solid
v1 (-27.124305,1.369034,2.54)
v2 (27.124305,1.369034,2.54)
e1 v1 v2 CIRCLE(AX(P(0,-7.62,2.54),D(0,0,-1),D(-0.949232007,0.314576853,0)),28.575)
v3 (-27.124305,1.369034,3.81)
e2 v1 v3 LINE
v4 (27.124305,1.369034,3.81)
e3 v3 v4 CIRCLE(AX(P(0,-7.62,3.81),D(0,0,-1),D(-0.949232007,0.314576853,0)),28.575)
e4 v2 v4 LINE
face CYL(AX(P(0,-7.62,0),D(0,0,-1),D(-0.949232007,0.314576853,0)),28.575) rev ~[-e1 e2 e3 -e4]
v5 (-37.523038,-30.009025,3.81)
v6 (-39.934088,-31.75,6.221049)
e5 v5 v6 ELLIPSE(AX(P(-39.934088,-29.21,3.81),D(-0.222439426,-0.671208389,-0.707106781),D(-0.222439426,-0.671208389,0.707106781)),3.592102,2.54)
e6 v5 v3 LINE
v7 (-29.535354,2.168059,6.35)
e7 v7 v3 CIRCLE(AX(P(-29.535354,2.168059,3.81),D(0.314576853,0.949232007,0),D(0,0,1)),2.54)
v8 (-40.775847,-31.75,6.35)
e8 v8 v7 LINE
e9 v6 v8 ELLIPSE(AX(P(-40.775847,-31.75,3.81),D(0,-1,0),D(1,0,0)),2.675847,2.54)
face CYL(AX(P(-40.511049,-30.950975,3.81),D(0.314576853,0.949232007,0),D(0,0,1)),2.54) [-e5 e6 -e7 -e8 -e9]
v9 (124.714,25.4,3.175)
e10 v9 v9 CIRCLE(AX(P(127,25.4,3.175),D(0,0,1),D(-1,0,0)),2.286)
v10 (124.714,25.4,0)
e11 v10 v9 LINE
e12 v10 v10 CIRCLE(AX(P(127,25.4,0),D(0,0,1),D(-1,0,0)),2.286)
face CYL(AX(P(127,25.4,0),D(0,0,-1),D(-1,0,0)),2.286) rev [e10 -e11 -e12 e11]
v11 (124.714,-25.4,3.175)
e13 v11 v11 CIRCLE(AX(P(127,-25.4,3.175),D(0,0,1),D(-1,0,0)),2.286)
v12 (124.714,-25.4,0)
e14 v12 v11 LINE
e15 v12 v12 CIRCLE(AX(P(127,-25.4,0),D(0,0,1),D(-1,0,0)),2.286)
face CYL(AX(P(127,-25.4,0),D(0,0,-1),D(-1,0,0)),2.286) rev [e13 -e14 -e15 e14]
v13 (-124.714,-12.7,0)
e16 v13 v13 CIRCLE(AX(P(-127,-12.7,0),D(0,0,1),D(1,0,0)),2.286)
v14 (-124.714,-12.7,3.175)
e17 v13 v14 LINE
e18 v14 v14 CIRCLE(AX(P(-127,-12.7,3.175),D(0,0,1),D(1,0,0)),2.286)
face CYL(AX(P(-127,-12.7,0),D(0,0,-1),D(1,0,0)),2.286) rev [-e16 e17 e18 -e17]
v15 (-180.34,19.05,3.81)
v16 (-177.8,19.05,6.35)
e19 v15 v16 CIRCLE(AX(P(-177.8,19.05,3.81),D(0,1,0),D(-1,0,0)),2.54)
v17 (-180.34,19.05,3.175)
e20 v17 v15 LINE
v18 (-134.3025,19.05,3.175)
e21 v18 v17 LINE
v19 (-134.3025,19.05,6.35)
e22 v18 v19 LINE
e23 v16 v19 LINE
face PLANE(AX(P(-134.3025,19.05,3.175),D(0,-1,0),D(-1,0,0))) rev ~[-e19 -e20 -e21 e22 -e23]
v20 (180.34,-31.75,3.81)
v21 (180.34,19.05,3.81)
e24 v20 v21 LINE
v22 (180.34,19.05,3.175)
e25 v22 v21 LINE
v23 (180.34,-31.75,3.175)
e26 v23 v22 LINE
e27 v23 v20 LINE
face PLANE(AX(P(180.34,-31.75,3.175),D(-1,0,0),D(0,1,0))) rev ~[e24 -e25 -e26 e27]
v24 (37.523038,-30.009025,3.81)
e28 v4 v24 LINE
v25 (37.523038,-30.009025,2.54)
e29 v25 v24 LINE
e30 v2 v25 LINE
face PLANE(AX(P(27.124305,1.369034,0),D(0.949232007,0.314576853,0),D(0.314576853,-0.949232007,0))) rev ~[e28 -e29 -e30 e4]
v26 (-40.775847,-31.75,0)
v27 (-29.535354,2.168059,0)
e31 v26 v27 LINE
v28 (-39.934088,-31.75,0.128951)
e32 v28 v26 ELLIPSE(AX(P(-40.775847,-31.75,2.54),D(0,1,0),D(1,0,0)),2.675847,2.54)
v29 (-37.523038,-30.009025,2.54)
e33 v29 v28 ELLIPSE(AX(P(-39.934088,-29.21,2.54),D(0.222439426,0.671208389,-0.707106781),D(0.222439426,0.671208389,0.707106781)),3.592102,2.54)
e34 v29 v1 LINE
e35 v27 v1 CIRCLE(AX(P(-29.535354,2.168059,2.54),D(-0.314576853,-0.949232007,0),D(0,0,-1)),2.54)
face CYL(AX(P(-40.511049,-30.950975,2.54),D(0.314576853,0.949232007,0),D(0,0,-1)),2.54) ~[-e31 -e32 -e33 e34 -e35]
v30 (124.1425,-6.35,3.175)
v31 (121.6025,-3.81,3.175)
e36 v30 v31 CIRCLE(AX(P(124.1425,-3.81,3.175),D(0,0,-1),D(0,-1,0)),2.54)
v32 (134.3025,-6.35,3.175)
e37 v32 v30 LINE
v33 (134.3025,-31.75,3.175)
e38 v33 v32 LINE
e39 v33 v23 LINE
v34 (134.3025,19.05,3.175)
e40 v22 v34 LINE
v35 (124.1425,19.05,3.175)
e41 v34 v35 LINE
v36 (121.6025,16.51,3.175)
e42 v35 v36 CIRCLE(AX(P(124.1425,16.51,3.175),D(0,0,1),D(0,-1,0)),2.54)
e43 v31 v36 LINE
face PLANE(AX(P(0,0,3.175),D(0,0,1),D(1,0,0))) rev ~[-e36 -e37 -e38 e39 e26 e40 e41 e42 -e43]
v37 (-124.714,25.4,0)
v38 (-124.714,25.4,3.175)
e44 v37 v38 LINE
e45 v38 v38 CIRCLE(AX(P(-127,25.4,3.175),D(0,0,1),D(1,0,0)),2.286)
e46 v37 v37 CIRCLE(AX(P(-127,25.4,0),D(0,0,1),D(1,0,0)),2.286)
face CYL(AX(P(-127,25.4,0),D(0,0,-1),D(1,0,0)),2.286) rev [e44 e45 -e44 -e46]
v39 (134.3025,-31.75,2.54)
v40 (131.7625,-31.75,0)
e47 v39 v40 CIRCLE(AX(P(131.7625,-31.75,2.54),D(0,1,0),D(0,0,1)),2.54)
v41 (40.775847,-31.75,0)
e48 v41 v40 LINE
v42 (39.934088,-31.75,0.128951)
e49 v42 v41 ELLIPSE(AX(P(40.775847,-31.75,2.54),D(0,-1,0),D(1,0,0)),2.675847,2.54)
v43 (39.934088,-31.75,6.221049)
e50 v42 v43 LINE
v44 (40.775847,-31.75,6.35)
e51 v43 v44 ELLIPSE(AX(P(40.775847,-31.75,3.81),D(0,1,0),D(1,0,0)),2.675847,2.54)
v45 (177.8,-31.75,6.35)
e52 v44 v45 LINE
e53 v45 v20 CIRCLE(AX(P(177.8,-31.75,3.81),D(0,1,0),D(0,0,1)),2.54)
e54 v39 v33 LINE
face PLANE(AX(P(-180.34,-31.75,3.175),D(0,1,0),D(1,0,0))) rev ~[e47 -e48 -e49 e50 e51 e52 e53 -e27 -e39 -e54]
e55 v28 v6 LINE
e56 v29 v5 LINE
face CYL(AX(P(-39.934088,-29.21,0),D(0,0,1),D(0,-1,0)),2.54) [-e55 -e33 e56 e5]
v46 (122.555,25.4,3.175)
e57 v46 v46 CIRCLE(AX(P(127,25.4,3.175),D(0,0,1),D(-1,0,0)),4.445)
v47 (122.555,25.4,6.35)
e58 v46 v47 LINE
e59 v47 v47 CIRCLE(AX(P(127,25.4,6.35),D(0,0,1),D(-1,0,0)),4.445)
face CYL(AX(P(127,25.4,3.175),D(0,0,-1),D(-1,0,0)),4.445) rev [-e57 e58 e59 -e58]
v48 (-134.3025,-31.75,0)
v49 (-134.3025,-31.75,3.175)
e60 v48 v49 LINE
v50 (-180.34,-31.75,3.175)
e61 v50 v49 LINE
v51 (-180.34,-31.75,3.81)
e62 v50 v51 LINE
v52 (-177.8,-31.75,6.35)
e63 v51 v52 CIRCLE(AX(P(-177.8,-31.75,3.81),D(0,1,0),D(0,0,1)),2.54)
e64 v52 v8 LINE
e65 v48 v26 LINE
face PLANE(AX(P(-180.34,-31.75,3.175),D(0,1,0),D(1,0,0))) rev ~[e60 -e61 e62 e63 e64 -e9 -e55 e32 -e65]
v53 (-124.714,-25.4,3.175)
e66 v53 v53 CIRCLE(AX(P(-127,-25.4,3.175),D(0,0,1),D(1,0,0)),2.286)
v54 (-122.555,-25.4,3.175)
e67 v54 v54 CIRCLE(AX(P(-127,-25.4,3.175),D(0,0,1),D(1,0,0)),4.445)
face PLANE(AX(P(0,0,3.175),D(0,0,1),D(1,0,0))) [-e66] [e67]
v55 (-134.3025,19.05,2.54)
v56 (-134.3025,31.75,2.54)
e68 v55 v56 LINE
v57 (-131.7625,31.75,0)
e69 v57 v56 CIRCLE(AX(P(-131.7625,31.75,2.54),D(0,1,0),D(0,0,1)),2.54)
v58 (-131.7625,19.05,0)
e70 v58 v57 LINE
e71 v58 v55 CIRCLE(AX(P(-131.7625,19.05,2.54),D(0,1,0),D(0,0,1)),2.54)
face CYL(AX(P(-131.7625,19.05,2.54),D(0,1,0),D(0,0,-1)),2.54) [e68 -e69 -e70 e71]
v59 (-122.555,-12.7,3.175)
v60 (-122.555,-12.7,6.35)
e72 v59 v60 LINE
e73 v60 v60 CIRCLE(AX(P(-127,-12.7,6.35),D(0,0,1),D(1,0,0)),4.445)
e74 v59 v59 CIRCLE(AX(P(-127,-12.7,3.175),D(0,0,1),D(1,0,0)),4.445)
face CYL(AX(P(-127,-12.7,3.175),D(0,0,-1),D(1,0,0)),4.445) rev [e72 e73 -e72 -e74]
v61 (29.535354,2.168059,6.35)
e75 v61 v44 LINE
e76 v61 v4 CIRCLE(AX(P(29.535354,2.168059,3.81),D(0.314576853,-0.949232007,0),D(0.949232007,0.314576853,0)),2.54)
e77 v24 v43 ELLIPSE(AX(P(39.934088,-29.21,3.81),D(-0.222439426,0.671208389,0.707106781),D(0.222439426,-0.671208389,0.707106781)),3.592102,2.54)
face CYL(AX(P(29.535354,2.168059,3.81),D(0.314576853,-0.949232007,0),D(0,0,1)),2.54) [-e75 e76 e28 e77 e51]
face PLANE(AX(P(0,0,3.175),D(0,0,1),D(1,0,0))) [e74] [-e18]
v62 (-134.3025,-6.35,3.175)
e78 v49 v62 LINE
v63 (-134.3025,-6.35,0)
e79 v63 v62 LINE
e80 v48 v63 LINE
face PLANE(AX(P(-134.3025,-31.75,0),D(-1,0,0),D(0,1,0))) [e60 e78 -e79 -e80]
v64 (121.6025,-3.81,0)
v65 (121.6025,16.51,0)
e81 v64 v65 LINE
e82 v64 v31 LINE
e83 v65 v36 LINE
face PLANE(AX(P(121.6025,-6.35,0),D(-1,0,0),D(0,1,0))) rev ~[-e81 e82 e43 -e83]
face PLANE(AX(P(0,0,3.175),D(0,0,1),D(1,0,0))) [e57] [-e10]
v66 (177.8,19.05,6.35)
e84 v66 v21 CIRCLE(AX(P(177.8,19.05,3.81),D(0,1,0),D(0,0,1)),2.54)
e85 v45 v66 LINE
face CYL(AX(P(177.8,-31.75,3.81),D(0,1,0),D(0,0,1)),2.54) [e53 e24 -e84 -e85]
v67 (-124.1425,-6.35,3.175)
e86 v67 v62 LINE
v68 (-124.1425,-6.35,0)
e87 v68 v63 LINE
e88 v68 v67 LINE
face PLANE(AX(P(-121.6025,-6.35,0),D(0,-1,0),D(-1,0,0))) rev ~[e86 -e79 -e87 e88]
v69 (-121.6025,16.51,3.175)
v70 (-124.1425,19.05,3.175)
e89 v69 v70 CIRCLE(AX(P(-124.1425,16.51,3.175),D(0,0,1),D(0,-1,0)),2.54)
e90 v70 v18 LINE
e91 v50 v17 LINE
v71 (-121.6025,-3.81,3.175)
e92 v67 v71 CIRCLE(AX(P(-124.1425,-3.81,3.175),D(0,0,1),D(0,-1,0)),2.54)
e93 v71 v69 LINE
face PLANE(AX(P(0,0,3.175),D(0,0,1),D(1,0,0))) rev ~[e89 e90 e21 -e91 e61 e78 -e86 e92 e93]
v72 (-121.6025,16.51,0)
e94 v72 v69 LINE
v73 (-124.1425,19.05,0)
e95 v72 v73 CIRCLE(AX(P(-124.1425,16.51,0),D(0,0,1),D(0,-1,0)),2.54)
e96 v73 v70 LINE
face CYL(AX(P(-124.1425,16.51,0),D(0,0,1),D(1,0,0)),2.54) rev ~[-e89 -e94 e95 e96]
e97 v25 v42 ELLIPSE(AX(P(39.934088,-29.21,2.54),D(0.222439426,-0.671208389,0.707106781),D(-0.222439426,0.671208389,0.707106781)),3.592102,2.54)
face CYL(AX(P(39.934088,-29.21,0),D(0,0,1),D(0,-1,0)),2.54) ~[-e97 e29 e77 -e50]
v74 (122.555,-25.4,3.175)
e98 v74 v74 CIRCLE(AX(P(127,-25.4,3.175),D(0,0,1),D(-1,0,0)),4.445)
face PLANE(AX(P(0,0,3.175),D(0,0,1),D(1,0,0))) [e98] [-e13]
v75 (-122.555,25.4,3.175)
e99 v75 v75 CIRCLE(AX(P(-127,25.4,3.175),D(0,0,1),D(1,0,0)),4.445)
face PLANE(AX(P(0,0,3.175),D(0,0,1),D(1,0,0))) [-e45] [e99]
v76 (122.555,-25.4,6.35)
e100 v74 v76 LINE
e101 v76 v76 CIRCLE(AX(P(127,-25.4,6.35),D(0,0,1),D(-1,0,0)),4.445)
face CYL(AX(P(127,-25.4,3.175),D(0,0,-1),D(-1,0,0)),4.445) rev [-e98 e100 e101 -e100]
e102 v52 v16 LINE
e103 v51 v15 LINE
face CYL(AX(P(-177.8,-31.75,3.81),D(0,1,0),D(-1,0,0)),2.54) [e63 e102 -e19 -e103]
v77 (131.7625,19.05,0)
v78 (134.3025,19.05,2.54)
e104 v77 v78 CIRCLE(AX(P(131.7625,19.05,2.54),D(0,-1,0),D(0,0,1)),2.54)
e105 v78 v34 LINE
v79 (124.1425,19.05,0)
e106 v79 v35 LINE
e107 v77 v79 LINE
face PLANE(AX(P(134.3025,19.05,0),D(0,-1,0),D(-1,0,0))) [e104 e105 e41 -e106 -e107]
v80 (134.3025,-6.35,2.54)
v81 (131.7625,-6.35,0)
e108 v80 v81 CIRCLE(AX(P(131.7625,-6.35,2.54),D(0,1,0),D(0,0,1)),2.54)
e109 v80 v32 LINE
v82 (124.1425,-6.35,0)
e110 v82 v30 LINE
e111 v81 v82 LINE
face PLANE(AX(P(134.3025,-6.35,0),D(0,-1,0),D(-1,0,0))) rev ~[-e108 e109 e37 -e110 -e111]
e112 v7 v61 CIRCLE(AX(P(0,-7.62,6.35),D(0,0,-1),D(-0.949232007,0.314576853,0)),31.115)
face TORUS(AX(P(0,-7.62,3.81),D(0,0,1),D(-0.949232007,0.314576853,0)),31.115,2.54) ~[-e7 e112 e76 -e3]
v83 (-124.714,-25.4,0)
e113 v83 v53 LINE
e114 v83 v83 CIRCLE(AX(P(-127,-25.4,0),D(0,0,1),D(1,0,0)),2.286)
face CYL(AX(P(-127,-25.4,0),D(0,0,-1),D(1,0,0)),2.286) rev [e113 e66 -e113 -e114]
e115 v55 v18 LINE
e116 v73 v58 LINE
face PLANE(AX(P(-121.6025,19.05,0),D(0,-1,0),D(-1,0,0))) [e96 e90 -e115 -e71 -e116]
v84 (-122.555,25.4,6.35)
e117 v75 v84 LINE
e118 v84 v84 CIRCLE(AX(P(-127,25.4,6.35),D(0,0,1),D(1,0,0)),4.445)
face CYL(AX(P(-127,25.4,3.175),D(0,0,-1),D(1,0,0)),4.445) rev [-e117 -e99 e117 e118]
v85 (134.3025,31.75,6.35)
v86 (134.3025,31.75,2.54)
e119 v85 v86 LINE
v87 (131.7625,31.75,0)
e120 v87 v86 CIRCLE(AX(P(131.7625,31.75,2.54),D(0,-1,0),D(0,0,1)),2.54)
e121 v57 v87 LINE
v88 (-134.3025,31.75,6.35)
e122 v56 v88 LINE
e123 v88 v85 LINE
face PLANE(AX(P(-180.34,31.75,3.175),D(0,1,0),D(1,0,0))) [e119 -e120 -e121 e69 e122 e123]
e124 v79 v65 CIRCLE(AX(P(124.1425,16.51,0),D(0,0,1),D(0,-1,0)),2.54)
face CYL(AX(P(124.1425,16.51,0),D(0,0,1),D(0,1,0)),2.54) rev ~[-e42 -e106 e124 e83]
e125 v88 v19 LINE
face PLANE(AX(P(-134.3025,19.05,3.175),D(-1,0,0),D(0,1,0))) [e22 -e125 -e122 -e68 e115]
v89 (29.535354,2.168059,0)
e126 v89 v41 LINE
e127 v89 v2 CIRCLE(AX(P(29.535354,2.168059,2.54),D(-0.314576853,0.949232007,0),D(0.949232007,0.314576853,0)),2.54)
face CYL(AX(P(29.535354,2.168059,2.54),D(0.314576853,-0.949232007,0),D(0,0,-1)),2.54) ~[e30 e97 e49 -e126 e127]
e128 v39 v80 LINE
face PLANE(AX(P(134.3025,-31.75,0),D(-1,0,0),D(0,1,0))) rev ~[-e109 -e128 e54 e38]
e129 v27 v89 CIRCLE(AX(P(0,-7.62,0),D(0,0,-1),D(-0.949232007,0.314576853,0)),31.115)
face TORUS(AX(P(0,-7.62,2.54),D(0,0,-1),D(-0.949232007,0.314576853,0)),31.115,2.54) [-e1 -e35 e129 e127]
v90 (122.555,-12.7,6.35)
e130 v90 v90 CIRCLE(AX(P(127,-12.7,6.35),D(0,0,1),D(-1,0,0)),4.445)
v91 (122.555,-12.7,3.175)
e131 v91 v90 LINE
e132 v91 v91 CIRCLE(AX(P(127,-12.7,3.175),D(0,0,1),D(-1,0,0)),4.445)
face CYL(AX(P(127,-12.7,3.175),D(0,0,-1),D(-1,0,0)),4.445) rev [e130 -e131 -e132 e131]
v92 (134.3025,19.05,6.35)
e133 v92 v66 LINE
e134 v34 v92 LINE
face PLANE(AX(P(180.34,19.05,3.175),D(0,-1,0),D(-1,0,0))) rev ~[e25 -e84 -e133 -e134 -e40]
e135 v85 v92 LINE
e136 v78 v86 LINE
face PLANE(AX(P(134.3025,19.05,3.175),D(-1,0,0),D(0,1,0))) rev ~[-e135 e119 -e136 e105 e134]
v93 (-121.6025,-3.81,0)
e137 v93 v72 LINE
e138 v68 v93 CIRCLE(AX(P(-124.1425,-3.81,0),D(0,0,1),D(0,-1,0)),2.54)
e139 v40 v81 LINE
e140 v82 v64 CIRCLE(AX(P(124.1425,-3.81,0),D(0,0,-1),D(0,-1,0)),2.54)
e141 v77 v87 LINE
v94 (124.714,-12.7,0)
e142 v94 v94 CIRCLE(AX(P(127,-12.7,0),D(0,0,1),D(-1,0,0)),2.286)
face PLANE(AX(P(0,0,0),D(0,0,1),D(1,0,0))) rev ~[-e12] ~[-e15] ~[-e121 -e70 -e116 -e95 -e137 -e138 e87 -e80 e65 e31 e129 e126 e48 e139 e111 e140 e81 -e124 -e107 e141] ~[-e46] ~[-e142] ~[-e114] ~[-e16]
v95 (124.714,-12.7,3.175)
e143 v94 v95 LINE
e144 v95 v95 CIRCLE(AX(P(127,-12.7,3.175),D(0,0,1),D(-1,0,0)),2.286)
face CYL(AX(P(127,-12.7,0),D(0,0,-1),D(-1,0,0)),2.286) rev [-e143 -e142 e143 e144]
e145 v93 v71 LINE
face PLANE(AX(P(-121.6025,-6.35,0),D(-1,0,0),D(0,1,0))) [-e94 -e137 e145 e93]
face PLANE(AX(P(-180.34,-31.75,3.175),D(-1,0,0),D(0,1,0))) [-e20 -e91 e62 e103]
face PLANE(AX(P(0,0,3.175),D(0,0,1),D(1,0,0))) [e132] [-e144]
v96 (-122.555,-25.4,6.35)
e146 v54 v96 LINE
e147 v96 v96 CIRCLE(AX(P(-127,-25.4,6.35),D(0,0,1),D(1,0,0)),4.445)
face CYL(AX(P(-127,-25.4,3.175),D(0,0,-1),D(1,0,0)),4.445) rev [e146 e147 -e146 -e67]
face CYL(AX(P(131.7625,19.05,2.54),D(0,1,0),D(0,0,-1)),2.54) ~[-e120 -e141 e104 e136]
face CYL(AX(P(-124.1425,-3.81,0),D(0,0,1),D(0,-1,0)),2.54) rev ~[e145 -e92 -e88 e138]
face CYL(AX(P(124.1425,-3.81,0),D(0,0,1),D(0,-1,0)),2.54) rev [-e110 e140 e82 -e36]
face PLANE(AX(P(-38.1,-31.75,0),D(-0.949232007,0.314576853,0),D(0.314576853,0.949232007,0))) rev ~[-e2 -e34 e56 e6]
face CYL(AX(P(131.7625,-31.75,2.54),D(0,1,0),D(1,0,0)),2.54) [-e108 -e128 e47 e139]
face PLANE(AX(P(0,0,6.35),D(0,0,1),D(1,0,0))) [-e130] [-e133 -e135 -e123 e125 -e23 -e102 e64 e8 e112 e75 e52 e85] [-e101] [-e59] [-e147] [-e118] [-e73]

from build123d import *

# Parameters (mm, degrees)
SKETCH1_W           = 268.605
SKETCH1_H           = 63.5
SKETCH1_R           = 2.286
BOSS_EXTRUDE1_DEPTH = 3.175
SKETCH2_W           = 360.68
SKETCH2_H           = 63.5
SKETCH2_R           = 4.445
BOSS_EXTRUDE2_DEPTH = 3.175
SKETCH3_W           = 12.7
SKETCH3_H           = 25.4
CUT_EXTRUDE1_DEPTH  = 3.175
FILLET1_R           = 2.54
CUT_EXTRUDE2_DEPTH  = 184.223635484
FILLET2_R           = 2.54
SKETCH6_W           = 46.0375
SKETCH6_H           = 12.7
CUT_EXTRUDE3_DEPTH  = 184.141089669


with BuildPart() as part:
    # Sketch1 → Boss-Extrude1 (new body)
    with BuildSketch(Plane.XY):
        Rectangle(SKETCH1_W, SKETCH1_H)
        with Locations((-127, 25.4)):
            Circle(SKETCH1_R, mode=Mode.SUBTRACT)
        with Locations((-127, -12.7)):
            Circle(SKETCH1_R, mode=Mode.SUBTRACT)
        with Locations((-127, -25.4)):
            Circle(SKETCH1_R, mode=Mode.SUBTRACT)
        with Locations(Location((127, 25.4, 0), (0, 0, 180))):
            Circle(SKETCH1_R, mode=Mode.SUBTRACT)
        with Locations(Location((127, -12.7, 0), (0, 0, 180))):
            Circle(SKETCH1_R, mode=Mode.SUBTRACT)
        with Locations(Location((127, -25.4, 0), (0, 0, 180))):
            Circle(SKETCH1_R, mode=Mode.SUBTRACT)
    extrude(amount=BOSS_EXTRUDE1_DEPTH)

    # Sketch2 → Boss-Extrude2 (add)
    with BuildSketch(Plane.XY.offset(3.175)):
        Rectangle(SKETCH2_W, SKETCH2_H)
        with Locations((-127, 25.4)):
            Circle(SKETCH2_R, mode=Mode.SUBTRACT)
        with Locations((-127, -12.7)):
            Circle(SKETCH2_R, mode=Mode.SUBTRACT)
        with Locations((-127, -25.4)):
            Circle(SKETCH2_R, mode=Mode.SUBTRACT)
        with Locations(Location((127, 25.4, 0), (0, 0, 180))):
            Circle(SKETCH2_R, mode=Mode.SUBTRACT)
        with Locations(Location((127, -12.7, 0), (0, 0, 180))):
            Circle(SKETCH2_R, mode=Mode.SUBTRACT)
        with Locations(Location((127, -25.4, 0), (0, 0, 180))):
            Circle(SKETCH2_R, mode=Mode.SUBTRACT)
    extrude(amount=BOSS_EXTRUDE2_DEPTH)

    # Sketch3 → Cut-Extrude1 (cut)
    with BuildSketch(Plane(origin=(0, 0, 0), x_dir=(-1, 0, 0), z_dir=(0, 0, -1))):
        with Locations((-127.9525, 6.35)):
            Rectangle(SKETCH3_W, SKETCH3_H)
        with Locations((127.9525, 6.35)):
            Rectangle(SKETCH3_W, SKETCH3_H)
    extrude(amount=-CUT_EXTRUDE1_DEPTH, mode=Mode.SUBTRACT)

    # Fillet1
    fillet1_edges = [part.edges().sort_by_distance(p)[0] for p in [
        (180.34, 0, 6.35),
        (-180.34, 0, 6.35),
        (-134.3025, 25.4, 0),
        (134.3025, -19.05, 0),
        (134.3025, 25.4, 0),
        (121.6025, 19.05, 1.5875),
        (121.6025, -6.35, 1.5875),
        (-121.6025, 19.05, 1.5875),
        (-121.6025, -6.35, 1.5875),
    ]]
    fillet(fillet1_edges, radius=FILLET1_R)

    # Sketch5 → Cut-Extrude2 (cut, through all)
    with BuildSketch(Plane(origin=(0, 0, 0), x_dir=(-1, 0, 0), z_dir=(0, 0, -1))):
        with BuildLine():
            Line((-27.124304603, 1.369033584), (-38.1, -31.75))
            Line((-38.1, -31.75), (38.1, -31.75))
            Line((38.1, -31.75), (27.124304603, 1.369033584))
            ThreePointArc((27.124304603, 1.369033584), (0, 20.955), (-27.124304603, 1.369033584))
        make_face()
    extrude(amount=-CUT_EXTRUDE2_DEPTH, mode=Mode.SUBTRACT)

    # Fillet2
    fillet2_edges = [part.edges().sort_by_distance(p)[0] for p in [
        (0, 20.955, 6.35),
        (-32.612152302, -15.190483208, 6.35),
        (-38.1, -31.75, 3.175),
        (32.612152302, -15.190483208, 6.35),
        (38.1, -31.75, 3.175),
        (0, 20.955, 0),
        (32.612152302, -15.190483208, 0),
        (-32.612152302, -15.190483208, 0),
    ]]
    fillet(fillet2_edges, radius=FILLET2_R)

    # Sketch6 → Cut-Extrude3 (cut, through all)
    with BuildSketch(Plane(origin=(0, 0, 3.175), x_dir=(-1, 0, 0), z_dir=(0, 0, -1))):
        with Locations((-157.32125, 25.4)):
            Rectangle(SKETCH6_W, SKETCH6_H)
        with Locations((157.32125, 25.4)):
            Rectangle(SKETCH6_W, SKETCH6_H)
    extrude(amount=-CUT_EXTRUDE3_DEPTH, mode=Mode.SUBTRACT)


solid = part.part
